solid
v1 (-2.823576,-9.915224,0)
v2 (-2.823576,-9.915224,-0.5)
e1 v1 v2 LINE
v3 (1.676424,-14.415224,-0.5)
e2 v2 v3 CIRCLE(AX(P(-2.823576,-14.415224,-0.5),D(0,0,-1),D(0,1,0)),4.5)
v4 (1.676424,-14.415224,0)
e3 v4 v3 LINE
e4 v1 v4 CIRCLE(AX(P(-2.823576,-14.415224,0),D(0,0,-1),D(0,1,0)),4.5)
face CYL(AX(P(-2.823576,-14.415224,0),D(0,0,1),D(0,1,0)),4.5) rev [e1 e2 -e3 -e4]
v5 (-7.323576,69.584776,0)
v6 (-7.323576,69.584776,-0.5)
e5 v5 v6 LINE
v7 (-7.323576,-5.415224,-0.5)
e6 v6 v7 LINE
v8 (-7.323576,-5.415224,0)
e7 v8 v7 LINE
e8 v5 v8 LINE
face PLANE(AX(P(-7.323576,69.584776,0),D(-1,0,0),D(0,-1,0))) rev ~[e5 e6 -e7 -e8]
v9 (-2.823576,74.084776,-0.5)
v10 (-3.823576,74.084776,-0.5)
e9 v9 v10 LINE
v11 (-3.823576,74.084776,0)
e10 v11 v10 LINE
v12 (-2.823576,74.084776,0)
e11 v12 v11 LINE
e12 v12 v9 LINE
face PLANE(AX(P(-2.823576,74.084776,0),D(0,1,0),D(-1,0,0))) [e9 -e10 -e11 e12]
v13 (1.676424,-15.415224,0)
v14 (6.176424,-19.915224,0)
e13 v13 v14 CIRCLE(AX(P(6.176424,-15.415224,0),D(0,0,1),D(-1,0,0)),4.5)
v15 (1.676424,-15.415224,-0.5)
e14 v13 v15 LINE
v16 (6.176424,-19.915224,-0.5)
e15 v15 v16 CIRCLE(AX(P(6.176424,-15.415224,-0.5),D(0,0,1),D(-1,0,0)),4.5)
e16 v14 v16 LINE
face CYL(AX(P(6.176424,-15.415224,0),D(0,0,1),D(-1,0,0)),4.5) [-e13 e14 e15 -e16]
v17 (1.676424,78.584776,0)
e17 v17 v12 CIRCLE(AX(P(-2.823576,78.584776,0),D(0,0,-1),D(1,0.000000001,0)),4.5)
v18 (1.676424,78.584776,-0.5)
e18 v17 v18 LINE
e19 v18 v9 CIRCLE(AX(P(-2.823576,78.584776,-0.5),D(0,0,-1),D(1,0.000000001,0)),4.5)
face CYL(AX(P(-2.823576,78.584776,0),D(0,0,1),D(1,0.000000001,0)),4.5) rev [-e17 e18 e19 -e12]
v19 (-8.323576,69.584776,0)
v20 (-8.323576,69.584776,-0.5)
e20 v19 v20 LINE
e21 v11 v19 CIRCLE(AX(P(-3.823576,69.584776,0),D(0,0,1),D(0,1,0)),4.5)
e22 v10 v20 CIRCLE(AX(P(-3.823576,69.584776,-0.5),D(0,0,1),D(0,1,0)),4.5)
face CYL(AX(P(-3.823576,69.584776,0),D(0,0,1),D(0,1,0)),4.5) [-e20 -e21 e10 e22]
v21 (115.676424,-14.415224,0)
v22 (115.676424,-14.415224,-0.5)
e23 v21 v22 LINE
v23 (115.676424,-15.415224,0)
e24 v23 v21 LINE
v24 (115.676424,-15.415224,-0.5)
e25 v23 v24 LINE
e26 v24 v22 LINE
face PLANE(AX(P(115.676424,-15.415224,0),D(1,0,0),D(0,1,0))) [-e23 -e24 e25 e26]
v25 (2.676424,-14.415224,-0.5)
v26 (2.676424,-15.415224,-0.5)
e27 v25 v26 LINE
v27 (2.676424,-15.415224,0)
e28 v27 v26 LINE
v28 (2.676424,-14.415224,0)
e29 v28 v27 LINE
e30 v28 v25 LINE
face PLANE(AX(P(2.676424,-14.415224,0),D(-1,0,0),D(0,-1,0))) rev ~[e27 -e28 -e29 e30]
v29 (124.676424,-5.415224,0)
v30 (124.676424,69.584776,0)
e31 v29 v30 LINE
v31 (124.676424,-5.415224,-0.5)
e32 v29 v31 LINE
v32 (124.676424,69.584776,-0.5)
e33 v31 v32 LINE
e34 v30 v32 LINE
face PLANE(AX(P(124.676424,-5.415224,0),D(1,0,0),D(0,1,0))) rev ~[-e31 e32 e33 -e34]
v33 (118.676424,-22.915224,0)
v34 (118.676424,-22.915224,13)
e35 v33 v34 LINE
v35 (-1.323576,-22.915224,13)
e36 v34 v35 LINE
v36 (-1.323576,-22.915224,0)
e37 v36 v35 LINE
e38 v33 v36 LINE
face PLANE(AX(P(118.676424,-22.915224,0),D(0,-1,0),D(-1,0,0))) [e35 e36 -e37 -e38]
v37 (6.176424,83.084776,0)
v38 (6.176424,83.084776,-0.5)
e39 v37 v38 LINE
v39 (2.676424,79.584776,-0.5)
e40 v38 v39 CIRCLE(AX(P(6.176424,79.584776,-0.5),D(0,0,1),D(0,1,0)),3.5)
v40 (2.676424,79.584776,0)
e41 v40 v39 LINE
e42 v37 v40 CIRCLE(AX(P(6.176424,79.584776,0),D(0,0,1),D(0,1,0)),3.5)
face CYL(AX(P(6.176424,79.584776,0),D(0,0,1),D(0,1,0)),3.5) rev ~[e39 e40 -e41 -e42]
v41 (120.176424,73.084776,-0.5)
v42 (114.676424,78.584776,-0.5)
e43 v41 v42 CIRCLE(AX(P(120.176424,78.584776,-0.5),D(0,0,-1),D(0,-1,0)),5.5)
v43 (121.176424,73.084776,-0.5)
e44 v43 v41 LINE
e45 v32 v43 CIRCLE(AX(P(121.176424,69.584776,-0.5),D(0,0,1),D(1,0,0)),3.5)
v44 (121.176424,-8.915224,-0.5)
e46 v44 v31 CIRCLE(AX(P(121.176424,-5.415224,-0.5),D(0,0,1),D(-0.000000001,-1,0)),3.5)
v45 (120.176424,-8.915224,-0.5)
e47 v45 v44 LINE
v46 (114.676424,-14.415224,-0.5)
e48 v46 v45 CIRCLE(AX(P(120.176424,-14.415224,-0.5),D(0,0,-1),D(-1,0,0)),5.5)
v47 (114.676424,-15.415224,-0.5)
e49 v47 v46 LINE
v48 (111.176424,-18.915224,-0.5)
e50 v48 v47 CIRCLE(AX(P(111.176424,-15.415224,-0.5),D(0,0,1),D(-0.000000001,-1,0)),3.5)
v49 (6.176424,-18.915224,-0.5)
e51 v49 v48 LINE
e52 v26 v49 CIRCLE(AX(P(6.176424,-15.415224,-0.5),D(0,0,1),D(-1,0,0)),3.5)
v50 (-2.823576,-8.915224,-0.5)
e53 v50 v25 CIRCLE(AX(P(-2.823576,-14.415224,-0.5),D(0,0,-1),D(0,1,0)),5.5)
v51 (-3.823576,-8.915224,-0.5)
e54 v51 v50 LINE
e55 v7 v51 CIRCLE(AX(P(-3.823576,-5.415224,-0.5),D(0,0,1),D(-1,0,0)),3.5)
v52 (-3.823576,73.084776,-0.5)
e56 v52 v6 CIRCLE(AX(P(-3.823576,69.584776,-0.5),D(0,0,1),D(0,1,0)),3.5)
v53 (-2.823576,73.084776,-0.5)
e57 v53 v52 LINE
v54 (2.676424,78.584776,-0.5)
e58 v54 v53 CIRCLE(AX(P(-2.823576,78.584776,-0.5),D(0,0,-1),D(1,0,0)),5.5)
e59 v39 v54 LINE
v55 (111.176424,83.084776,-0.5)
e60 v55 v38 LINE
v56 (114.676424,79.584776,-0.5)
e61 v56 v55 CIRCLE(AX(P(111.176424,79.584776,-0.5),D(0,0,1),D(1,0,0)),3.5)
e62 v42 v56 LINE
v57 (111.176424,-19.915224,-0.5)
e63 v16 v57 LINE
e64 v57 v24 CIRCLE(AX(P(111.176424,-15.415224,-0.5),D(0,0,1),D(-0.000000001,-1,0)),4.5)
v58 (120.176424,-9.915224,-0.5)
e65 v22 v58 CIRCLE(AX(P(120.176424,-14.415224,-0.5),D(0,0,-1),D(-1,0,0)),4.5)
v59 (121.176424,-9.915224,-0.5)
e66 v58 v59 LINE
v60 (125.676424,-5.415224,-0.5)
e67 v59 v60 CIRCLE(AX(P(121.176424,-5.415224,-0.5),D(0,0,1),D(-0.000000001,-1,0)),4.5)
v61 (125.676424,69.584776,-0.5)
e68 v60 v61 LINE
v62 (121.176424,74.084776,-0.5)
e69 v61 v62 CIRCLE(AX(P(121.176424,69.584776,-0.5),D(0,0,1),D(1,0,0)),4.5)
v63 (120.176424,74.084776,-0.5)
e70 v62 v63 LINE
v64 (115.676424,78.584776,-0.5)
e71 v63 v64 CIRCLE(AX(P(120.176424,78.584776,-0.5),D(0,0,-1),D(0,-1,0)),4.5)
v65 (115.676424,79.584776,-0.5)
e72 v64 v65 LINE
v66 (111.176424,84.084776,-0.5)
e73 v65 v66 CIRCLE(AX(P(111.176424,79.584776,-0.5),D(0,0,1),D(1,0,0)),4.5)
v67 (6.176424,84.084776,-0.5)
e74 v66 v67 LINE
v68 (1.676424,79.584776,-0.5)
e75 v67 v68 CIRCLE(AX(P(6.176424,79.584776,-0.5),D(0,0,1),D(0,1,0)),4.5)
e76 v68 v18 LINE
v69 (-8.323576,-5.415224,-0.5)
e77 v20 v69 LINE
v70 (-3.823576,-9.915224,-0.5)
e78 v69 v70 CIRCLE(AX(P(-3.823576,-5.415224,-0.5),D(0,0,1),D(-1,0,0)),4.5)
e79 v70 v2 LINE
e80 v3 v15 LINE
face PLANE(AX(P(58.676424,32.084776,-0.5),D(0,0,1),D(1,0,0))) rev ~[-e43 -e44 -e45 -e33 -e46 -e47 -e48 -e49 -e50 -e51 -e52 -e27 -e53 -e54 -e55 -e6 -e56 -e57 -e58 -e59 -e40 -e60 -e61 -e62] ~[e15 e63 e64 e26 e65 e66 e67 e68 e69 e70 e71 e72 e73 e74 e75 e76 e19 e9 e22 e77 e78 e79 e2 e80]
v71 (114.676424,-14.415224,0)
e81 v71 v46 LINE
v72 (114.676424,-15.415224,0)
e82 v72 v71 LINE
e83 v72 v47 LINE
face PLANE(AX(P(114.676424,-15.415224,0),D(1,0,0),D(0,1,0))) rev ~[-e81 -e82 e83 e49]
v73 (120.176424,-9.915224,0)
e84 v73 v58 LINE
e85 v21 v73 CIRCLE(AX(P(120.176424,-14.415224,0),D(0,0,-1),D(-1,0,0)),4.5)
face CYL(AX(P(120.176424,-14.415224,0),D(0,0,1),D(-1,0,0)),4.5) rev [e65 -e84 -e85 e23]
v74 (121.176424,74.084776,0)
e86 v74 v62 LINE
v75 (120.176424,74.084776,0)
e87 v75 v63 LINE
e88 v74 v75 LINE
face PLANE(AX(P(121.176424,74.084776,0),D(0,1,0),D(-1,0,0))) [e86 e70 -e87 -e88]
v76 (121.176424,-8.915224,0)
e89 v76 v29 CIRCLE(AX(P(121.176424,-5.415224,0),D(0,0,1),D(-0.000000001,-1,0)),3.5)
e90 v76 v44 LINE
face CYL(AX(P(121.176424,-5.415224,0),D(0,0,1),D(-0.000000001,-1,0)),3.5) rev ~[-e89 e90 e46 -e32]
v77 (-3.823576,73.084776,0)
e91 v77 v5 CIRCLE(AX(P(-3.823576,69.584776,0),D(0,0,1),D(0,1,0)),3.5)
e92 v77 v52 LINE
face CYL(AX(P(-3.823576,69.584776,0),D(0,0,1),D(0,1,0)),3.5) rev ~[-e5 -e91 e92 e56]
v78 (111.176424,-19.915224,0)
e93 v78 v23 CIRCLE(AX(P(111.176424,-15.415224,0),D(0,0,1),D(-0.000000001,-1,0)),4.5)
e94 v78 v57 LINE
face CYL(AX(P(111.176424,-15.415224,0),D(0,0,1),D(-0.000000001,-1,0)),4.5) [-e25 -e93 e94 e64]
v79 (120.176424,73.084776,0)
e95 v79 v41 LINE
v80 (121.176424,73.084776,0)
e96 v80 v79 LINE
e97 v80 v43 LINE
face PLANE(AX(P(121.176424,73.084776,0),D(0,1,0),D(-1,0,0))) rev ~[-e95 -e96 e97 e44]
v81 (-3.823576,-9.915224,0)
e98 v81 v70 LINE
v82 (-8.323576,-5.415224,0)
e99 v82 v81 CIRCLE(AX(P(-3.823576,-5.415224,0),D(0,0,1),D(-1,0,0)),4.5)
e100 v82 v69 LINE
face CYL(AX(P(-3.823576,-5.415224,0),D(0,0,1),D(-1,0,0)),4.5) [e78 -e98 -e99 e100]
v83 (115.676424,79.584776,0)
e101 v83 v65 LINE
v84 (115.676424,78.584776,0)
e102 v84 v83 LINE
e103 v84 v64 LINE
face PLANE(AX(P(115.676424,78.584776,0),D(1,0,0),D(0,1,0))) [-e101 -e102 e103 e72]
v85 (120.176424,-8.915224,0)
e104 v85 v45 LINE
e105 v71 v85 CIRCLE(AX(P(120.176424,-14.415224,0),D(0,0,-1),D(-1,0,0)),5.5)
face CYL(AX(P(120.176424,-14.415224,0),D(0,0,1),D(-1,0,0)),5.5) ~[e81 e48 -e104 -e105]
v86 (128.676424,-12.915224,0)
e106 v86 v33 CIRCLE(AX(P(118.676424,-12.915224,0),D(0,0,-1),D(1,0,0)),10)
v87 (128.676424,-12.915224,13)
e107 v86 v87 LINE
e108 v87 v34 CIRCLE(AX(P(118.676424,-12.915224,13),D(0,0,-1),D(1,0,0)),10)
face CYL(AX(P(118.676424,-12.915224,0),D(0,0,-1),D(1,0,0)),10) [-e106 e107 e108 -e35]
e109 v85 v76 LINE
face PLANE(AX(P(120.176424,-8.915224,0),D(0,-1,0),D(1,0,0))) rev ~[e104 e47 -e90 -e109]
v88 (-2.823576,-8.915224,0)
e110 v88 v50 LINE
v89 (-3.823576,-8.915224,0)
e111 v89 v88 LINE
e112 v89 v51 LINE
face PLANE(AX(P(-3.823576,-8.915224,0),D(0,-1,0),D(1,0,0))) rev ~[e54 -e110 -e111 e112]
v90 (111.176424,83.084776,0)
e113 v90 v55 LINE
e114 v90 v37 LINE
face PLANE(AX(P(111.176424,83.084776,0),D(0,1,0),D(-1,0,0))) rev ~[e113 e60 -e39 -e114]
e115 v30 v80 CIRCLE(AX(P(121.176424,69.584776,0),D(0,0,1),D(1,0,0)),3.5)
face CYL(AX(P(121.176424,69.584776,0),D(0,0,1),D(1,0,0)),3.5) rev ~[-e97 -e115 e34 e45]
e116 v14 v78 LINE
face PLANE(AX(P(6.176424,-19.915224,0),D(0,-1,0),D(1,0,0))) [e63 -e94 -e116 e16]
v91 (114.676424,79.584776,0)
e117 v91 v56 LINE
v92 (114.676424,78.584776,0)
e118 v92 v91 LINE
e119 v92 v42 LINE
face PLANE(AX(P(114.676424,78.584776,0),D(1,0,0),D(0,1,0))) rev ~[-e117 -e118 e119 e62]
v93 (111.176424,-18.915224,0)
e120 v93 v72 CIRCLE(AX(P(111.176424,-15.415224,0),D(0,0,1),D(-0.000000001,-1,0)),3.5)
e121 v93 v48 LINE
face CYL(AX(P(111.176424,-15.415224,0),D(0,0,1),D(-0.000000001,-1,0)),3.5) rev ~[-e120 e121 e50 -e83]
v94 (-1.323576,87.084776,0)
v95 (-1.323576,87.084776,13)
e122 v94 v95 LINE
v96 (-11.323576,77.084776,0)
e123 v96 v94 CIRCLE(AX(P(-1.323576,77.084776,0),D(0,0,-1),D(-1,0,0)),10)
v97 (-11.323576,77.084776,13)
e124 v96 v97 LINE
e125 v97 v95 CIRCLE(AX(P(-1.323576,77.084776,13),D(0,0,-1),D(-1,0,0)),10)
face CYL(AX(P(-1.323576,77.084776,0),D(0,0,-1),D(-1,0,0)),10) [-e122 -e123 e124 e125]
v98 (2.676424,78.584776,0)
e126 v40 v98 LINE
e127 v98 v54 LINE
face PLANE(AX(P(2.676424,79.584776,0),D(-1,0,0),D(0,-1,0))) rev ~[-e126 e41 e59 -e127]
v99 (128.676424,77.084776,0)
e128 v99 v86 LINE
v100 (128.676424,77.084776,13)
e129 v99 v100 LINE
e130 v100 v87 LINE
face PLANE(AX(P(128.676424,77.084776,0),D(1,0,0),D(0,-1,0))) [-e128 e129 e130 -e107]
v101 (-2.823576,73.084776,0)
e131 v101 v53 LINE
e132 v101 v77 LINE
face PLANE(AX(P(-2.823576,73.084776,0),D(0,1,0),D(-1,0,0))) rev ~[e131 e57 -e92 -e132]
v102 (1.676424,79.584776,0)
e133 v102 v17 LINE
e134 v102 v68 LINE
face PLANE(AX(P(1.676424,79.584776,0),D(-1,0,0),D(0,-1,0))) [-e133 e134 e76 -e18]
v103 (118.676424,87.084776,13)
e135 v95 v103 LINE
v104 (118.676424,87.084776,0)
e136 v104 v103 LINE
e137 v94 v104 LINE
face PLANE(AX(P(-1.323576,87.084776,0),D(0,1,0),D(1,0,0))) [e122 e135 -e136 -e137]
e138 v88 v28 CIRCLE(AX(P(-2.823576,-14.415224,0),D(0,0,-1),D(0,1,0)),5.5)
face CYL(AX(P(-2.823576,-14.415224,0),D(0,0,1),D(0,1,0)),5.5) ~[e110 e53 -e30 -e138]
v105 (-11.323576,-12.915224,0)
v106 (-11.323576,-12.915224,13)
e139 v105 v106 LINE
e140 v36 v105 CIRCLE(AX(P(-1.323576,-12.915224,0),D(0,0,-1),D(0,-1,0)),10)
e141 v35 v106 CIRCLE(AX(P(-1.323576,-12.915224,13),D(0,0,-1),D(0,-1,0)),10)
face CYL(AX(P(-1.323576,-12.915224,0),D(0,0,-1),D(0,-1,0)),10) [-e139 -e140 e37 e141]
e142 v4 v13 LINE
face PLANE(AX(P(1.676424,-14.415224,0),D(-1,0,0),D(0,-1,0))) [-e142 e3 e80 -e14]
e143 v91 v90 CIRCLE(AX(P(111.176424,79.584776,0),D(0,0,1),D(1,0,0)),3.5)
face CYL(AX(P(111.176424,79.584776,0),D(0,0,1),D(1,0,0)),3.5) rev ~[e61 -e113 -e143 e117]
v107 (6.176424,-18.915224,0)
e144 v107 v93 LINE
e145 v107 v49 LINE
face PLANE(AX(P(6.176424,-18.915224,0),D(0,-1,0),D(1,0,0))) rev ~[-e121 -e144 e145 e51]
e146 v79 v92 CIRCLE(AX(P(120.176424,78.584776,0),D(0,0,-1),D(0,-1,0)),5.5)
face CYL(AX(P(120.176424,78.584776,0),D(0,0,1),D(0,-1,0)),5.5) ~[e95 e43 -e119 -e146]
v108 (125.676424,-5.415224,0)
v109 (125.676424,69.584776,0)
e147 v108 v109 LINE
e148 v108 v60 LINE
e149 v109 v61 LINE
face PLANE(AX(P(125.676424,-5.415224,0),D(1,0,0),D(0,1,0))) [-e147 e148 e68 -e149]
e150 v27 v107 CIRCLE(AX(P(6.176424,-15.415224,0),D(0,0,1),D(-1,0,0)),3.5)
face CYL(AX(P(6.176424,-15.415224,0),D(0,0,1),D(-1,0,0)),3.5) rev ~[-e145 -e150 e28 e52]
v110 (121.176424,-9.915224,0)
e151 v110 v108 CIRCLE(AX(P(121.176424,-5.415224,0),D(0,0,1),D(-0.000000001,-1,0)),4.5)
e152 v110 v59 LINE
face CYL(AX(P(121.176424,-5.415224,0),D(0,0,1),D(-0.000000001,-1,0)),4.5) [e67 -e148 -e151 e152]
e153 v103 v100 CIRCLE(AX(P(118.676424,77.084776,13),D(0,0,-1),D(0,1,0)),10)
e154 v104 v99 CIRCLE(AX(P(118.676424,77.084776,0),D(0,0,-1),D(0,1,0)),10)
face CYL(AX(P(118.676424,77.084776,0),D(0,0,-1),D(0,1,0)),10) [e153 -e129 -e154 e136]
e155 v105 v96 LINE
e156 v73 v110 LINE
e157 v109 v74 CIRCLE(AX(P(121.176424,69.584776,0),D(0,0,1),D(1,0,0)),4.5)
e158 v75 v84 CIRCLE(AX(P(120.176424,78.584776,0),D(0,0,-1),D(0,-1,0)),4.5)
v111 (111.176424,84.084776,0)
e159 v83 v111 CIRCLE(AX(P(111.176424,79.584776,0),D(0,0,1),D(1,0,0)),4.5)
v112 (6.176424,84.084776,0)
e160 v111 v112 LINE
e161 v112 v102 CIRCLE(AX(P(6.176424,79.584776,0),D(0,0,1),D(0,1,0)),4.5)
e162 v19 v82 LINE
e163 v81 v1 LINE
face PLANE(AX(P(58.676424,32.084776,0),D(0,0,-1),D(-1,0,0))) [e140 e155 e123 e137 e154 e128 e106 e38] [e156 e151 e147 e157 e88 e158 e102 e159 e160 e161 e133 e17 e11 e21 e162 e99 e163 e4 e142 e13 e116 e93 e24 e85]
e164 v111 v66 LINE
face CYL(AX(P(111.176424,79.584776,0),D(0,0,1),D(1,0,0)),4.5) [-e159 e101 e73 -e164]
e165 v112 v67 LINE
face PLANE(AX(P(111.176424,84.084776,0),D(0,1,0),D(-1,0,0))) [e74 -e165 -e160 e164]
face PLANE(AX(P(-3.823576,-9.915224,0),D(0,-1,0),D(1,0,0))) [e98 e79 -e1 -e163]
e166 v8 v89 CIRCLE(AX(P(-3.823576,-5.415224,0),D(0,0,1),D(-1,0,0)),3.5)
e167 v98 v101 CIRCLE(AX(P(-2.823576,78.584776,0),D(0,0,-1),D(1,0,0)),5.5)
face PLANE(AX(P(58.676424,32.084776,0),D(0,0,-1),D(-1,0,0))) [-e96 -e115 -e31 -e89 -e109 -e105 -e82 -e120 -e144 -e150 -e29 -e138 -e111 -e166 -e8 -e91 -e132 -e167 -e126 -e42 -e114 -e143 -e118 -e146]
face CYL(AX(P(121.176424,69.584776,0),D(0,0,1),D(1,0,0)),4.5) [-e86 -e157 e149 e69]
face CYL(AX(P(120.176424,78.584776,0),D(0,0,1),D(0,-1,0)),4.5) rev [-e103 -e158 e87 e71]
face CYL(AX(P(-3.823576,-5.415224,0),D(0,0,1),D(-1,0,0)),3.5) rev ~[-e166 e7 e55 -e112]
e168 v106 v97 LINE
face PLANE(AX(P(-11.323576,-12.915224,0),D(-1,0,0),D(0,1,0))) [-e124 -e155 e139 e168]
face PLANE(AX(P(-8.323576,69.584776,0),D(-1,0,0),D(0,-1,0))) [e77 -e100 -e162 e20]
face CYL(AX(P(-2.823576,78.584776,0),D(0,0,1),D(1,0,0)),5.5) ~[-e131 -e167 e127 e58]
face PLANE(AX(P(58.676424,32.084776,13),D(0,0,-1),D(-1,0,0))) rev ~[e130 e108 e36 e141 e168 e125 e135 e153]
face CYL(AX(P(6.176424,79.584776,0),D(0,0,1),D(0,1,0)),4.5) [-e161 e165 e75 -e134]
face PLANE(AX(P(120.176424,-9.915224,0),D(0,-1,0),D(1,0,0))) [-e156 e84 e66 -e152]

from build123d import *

# Parameters (mm, degrees)
BOSS_EXTRUDE1_DEPTH = 13
BOSS_EXTRUDE3_DEPTH = 0.5


with BuildPart() as part:
    # Sketch1 → Boss-Extrude1 (new body)
    with BuildSketch(Plane.XY):
        with BuildLine():
            Line((128.676424344, 77.084775656), (128.676424344, -12.915224344))
            ThreePointArc((128.676424344, -12.915224344), (125.747492156, -19.986292156), (118.676424344, -22.915224344))
            Line((118.676424344, -22.915224344), (-1.323575656, -22.915224344))
            ThreePointArc((-1.323575656, -22.915224344), (-8.394643467, -19.986292156), (-11.323575656, -12.915224344))
            Line((-11.323575656, -12.915224344), (-11.323575656, 77.084775656))
            ThreePointArc((-11.323575656, 77.084775656), (-8.394643467, 84.155843467), (-1.323575656, 87.084775656))
            Line((-1.323575656, 87.084775656), (118.676424344, 87.084775656))
            ThreePointArc((118.676424344, 87.084775656), (125.747492156, 84.155843467), (128.676424344, 77.084775656))
        make_face()
    extrude(amount=BOSS_EXTRUDE1_DEPTH)

    # Sketch10 → Boss-Extrude3 (add)
    with BuildSketch(Plane(origin=(0, 0, 0), x_dir=(-1, 0, 0), z_dir=(0, 0, -1))):
        with BuildLine():
            Line((-121.176424344, 74.084775656), (-120.176424344, 74.084775656))
            ThreePointArc((-120.176424344, 74.084775656), (-116.994443829, 75.40279514), (-115.676424344, 78.584775656))
            Line((-115.676424344, 78.584775656), (-115.676424344, 79.584775656))
            ThreePointArc((-115.676424344, 79.584775656), (-114.35840486, 82.766756171), (-111.176424344, 84.084775656))
            Line((-111.176424344, 84.084775656), (-6.176424344, 84.084775656))
            ThreePointArc((-6.176424344, 84.084775656), (-2.994443829, 82.766756171), (-1.676424344, 79.584775656))
            Line((-1.676424344, 79.584775656), (-1.676424344, 78.584775656))
            ThreePointArc((-1.676424344, 78.584775656), (-0.35840486, 75.40279514), (2.823575656, 74.084775656))
            Line((2.823575656, 74.084775656), (3.823575656, 74.084775656))
            ThreePointArc((3.823575656, 74.084775656), (7.005556171, 72.766756171), (8.323575656, 69.584775656))
            Line((8.323575656, 69.584775656), (8.323575656, -5.415224344))
            ThreePointArc((8.323575656, -5.415224344), (7.005556171, -8.59720486), (3.823575656, -9.915224344))
            Line((3.823575656, -9.915224344), (2.823575656, -9.915224344))
            ThreePointArc((2.823575656, -9.915224344), (-0.35840486, -11.233243829), (-1.676424344, -14.415224344))
            Line((-1.676424344, -14.415224344), (-1.676424344, -15.415224344))
            ThreePointArc((-1.676424344, -15.415224344), (-2.994443829, -18.59720486), (-6.176424344, -19.915224344))
            Line((-6.176424344, -19.915224344), (-111.176424344, -19.915224344))
            ThreePointArc((-111.176424344, -19.915224344), (-114.35840486, -18.59720486), (-115.676424344, -15.415224344))
            Line((-115.676424344, -15.415224344), (-115.676424344, -14.415224344))
            ThreePointArc((-115.676424344, -14.415224344), (-116.994443829, -11.233243829), (-120.176424344, -9.915224344))
            Line((-120.176424344, -9.915224344), (-121.176424344, -9.915224344))
            ThreePointArc((-121.176424344, -9.915224344), (-124.35840486, -8.59720486), (-125.676424344, -5.415224344))
            Line((-125.676424344, -5.415224344), (-125.676424344, 69.584775656))
            ThreePointArc((-125.676424344, 69.584775656), (-124.35840486, 72.766756171), (-121.176424344, 74.084775656))
        make_face()
        with BuildLine():
            Line((-121.176424344, 73.084775656), (-120.176424344, 73.084775656))
            ThreePointArc((-120.176424344, 73.084775656), (-116.287337048, 74.695688359), (-114.676424344, 78.584775656))
            Line((-114.676424344, 78.584775656), (-114.676424344, 79.584775656))
            ThreePointArc((-114.676424344, 79.584775656), (-113.651298079, 82.05964939), (-111.176424344, 83.084775656))
            Line((-111.176424344, 83.084775656), (-6.176424344, 83.084775656))
            ThreePointArc((-6.176424344, 83.084775656), (-3.70155061, 82.05964939), (-2.676424344, 79.584775656))
            Line((-2.676424344, 79.584775656), (-2.676424344, 78.584775656))
            ThreePointArc((-2.676424344, 78.584775656), (-1.065511641, 74.695688359), (2.823575656, 73.084775656))
            Line((2.823575656, 73.084775656), (3.823575656, 73.084775656))
            ThreePointArc((3.823575656, 73.084775656), (6.29844939, 72.05964939), (7.323575656, 69.584775656))
            Line((7.323575656, 69.584775656), (7.323575656, -5.415224344))
            ThreePointArc((7.323575656, -5.415224344), (6.29844939, -7.890098079), (3.823575656, -8.915224344))
            Line((3.823575656, -8.915224344), (2.823575656, -8.915224344))
            ThreePointArc((2.823575656, -8.915224344), (-1.065511641, -10.526137048), (-2.676424344, -14.415224344))
            Line((-2.676424344, -14.415224344), (-2.676424344, -15.415224344))
            ThreePointArc((-2.676424344, -15.415224344), (-3.70155061, -17.890098079), (-6.176424344, -18.915224344))
            Line((-6.176424344, -18.915224344), (-111.176424344, -18.915224344))
            ThreePointArc((-111.176424344, -18.915224344), (-113.651298079, -17.890098079), (-114.676424344, -15.415224344))
            Line((-114.676424344, -15.415224344), (-114.676424344, -14.415224344))
            ThreePointArc((-114.676424344, -14.415224344), (-116.287337048, -10.526137048), (-120.176424344, -8.915224344))
            Line((-120.176424344, -8.915224344), (-121.176424344, -8.915224344))
            ThreePointArc((-121.176424344, -8.915224344), (-123.651298079, -7.890098079), (-124.676424344, -5.415224344))
            Line((-124.676424344, -5.415224344), (-124.676424344, 69.584775656))
            ThreePointArc((-124.676424344, 69.584775656), (-123.651298079, 72.05964939), (-121.176424344, 73.084775656))
        make_face(mode=Mode.SUBTRACT)
    extrude(amount=BOSS_EXTRUDE3_DEPTH)


solid = part.part
